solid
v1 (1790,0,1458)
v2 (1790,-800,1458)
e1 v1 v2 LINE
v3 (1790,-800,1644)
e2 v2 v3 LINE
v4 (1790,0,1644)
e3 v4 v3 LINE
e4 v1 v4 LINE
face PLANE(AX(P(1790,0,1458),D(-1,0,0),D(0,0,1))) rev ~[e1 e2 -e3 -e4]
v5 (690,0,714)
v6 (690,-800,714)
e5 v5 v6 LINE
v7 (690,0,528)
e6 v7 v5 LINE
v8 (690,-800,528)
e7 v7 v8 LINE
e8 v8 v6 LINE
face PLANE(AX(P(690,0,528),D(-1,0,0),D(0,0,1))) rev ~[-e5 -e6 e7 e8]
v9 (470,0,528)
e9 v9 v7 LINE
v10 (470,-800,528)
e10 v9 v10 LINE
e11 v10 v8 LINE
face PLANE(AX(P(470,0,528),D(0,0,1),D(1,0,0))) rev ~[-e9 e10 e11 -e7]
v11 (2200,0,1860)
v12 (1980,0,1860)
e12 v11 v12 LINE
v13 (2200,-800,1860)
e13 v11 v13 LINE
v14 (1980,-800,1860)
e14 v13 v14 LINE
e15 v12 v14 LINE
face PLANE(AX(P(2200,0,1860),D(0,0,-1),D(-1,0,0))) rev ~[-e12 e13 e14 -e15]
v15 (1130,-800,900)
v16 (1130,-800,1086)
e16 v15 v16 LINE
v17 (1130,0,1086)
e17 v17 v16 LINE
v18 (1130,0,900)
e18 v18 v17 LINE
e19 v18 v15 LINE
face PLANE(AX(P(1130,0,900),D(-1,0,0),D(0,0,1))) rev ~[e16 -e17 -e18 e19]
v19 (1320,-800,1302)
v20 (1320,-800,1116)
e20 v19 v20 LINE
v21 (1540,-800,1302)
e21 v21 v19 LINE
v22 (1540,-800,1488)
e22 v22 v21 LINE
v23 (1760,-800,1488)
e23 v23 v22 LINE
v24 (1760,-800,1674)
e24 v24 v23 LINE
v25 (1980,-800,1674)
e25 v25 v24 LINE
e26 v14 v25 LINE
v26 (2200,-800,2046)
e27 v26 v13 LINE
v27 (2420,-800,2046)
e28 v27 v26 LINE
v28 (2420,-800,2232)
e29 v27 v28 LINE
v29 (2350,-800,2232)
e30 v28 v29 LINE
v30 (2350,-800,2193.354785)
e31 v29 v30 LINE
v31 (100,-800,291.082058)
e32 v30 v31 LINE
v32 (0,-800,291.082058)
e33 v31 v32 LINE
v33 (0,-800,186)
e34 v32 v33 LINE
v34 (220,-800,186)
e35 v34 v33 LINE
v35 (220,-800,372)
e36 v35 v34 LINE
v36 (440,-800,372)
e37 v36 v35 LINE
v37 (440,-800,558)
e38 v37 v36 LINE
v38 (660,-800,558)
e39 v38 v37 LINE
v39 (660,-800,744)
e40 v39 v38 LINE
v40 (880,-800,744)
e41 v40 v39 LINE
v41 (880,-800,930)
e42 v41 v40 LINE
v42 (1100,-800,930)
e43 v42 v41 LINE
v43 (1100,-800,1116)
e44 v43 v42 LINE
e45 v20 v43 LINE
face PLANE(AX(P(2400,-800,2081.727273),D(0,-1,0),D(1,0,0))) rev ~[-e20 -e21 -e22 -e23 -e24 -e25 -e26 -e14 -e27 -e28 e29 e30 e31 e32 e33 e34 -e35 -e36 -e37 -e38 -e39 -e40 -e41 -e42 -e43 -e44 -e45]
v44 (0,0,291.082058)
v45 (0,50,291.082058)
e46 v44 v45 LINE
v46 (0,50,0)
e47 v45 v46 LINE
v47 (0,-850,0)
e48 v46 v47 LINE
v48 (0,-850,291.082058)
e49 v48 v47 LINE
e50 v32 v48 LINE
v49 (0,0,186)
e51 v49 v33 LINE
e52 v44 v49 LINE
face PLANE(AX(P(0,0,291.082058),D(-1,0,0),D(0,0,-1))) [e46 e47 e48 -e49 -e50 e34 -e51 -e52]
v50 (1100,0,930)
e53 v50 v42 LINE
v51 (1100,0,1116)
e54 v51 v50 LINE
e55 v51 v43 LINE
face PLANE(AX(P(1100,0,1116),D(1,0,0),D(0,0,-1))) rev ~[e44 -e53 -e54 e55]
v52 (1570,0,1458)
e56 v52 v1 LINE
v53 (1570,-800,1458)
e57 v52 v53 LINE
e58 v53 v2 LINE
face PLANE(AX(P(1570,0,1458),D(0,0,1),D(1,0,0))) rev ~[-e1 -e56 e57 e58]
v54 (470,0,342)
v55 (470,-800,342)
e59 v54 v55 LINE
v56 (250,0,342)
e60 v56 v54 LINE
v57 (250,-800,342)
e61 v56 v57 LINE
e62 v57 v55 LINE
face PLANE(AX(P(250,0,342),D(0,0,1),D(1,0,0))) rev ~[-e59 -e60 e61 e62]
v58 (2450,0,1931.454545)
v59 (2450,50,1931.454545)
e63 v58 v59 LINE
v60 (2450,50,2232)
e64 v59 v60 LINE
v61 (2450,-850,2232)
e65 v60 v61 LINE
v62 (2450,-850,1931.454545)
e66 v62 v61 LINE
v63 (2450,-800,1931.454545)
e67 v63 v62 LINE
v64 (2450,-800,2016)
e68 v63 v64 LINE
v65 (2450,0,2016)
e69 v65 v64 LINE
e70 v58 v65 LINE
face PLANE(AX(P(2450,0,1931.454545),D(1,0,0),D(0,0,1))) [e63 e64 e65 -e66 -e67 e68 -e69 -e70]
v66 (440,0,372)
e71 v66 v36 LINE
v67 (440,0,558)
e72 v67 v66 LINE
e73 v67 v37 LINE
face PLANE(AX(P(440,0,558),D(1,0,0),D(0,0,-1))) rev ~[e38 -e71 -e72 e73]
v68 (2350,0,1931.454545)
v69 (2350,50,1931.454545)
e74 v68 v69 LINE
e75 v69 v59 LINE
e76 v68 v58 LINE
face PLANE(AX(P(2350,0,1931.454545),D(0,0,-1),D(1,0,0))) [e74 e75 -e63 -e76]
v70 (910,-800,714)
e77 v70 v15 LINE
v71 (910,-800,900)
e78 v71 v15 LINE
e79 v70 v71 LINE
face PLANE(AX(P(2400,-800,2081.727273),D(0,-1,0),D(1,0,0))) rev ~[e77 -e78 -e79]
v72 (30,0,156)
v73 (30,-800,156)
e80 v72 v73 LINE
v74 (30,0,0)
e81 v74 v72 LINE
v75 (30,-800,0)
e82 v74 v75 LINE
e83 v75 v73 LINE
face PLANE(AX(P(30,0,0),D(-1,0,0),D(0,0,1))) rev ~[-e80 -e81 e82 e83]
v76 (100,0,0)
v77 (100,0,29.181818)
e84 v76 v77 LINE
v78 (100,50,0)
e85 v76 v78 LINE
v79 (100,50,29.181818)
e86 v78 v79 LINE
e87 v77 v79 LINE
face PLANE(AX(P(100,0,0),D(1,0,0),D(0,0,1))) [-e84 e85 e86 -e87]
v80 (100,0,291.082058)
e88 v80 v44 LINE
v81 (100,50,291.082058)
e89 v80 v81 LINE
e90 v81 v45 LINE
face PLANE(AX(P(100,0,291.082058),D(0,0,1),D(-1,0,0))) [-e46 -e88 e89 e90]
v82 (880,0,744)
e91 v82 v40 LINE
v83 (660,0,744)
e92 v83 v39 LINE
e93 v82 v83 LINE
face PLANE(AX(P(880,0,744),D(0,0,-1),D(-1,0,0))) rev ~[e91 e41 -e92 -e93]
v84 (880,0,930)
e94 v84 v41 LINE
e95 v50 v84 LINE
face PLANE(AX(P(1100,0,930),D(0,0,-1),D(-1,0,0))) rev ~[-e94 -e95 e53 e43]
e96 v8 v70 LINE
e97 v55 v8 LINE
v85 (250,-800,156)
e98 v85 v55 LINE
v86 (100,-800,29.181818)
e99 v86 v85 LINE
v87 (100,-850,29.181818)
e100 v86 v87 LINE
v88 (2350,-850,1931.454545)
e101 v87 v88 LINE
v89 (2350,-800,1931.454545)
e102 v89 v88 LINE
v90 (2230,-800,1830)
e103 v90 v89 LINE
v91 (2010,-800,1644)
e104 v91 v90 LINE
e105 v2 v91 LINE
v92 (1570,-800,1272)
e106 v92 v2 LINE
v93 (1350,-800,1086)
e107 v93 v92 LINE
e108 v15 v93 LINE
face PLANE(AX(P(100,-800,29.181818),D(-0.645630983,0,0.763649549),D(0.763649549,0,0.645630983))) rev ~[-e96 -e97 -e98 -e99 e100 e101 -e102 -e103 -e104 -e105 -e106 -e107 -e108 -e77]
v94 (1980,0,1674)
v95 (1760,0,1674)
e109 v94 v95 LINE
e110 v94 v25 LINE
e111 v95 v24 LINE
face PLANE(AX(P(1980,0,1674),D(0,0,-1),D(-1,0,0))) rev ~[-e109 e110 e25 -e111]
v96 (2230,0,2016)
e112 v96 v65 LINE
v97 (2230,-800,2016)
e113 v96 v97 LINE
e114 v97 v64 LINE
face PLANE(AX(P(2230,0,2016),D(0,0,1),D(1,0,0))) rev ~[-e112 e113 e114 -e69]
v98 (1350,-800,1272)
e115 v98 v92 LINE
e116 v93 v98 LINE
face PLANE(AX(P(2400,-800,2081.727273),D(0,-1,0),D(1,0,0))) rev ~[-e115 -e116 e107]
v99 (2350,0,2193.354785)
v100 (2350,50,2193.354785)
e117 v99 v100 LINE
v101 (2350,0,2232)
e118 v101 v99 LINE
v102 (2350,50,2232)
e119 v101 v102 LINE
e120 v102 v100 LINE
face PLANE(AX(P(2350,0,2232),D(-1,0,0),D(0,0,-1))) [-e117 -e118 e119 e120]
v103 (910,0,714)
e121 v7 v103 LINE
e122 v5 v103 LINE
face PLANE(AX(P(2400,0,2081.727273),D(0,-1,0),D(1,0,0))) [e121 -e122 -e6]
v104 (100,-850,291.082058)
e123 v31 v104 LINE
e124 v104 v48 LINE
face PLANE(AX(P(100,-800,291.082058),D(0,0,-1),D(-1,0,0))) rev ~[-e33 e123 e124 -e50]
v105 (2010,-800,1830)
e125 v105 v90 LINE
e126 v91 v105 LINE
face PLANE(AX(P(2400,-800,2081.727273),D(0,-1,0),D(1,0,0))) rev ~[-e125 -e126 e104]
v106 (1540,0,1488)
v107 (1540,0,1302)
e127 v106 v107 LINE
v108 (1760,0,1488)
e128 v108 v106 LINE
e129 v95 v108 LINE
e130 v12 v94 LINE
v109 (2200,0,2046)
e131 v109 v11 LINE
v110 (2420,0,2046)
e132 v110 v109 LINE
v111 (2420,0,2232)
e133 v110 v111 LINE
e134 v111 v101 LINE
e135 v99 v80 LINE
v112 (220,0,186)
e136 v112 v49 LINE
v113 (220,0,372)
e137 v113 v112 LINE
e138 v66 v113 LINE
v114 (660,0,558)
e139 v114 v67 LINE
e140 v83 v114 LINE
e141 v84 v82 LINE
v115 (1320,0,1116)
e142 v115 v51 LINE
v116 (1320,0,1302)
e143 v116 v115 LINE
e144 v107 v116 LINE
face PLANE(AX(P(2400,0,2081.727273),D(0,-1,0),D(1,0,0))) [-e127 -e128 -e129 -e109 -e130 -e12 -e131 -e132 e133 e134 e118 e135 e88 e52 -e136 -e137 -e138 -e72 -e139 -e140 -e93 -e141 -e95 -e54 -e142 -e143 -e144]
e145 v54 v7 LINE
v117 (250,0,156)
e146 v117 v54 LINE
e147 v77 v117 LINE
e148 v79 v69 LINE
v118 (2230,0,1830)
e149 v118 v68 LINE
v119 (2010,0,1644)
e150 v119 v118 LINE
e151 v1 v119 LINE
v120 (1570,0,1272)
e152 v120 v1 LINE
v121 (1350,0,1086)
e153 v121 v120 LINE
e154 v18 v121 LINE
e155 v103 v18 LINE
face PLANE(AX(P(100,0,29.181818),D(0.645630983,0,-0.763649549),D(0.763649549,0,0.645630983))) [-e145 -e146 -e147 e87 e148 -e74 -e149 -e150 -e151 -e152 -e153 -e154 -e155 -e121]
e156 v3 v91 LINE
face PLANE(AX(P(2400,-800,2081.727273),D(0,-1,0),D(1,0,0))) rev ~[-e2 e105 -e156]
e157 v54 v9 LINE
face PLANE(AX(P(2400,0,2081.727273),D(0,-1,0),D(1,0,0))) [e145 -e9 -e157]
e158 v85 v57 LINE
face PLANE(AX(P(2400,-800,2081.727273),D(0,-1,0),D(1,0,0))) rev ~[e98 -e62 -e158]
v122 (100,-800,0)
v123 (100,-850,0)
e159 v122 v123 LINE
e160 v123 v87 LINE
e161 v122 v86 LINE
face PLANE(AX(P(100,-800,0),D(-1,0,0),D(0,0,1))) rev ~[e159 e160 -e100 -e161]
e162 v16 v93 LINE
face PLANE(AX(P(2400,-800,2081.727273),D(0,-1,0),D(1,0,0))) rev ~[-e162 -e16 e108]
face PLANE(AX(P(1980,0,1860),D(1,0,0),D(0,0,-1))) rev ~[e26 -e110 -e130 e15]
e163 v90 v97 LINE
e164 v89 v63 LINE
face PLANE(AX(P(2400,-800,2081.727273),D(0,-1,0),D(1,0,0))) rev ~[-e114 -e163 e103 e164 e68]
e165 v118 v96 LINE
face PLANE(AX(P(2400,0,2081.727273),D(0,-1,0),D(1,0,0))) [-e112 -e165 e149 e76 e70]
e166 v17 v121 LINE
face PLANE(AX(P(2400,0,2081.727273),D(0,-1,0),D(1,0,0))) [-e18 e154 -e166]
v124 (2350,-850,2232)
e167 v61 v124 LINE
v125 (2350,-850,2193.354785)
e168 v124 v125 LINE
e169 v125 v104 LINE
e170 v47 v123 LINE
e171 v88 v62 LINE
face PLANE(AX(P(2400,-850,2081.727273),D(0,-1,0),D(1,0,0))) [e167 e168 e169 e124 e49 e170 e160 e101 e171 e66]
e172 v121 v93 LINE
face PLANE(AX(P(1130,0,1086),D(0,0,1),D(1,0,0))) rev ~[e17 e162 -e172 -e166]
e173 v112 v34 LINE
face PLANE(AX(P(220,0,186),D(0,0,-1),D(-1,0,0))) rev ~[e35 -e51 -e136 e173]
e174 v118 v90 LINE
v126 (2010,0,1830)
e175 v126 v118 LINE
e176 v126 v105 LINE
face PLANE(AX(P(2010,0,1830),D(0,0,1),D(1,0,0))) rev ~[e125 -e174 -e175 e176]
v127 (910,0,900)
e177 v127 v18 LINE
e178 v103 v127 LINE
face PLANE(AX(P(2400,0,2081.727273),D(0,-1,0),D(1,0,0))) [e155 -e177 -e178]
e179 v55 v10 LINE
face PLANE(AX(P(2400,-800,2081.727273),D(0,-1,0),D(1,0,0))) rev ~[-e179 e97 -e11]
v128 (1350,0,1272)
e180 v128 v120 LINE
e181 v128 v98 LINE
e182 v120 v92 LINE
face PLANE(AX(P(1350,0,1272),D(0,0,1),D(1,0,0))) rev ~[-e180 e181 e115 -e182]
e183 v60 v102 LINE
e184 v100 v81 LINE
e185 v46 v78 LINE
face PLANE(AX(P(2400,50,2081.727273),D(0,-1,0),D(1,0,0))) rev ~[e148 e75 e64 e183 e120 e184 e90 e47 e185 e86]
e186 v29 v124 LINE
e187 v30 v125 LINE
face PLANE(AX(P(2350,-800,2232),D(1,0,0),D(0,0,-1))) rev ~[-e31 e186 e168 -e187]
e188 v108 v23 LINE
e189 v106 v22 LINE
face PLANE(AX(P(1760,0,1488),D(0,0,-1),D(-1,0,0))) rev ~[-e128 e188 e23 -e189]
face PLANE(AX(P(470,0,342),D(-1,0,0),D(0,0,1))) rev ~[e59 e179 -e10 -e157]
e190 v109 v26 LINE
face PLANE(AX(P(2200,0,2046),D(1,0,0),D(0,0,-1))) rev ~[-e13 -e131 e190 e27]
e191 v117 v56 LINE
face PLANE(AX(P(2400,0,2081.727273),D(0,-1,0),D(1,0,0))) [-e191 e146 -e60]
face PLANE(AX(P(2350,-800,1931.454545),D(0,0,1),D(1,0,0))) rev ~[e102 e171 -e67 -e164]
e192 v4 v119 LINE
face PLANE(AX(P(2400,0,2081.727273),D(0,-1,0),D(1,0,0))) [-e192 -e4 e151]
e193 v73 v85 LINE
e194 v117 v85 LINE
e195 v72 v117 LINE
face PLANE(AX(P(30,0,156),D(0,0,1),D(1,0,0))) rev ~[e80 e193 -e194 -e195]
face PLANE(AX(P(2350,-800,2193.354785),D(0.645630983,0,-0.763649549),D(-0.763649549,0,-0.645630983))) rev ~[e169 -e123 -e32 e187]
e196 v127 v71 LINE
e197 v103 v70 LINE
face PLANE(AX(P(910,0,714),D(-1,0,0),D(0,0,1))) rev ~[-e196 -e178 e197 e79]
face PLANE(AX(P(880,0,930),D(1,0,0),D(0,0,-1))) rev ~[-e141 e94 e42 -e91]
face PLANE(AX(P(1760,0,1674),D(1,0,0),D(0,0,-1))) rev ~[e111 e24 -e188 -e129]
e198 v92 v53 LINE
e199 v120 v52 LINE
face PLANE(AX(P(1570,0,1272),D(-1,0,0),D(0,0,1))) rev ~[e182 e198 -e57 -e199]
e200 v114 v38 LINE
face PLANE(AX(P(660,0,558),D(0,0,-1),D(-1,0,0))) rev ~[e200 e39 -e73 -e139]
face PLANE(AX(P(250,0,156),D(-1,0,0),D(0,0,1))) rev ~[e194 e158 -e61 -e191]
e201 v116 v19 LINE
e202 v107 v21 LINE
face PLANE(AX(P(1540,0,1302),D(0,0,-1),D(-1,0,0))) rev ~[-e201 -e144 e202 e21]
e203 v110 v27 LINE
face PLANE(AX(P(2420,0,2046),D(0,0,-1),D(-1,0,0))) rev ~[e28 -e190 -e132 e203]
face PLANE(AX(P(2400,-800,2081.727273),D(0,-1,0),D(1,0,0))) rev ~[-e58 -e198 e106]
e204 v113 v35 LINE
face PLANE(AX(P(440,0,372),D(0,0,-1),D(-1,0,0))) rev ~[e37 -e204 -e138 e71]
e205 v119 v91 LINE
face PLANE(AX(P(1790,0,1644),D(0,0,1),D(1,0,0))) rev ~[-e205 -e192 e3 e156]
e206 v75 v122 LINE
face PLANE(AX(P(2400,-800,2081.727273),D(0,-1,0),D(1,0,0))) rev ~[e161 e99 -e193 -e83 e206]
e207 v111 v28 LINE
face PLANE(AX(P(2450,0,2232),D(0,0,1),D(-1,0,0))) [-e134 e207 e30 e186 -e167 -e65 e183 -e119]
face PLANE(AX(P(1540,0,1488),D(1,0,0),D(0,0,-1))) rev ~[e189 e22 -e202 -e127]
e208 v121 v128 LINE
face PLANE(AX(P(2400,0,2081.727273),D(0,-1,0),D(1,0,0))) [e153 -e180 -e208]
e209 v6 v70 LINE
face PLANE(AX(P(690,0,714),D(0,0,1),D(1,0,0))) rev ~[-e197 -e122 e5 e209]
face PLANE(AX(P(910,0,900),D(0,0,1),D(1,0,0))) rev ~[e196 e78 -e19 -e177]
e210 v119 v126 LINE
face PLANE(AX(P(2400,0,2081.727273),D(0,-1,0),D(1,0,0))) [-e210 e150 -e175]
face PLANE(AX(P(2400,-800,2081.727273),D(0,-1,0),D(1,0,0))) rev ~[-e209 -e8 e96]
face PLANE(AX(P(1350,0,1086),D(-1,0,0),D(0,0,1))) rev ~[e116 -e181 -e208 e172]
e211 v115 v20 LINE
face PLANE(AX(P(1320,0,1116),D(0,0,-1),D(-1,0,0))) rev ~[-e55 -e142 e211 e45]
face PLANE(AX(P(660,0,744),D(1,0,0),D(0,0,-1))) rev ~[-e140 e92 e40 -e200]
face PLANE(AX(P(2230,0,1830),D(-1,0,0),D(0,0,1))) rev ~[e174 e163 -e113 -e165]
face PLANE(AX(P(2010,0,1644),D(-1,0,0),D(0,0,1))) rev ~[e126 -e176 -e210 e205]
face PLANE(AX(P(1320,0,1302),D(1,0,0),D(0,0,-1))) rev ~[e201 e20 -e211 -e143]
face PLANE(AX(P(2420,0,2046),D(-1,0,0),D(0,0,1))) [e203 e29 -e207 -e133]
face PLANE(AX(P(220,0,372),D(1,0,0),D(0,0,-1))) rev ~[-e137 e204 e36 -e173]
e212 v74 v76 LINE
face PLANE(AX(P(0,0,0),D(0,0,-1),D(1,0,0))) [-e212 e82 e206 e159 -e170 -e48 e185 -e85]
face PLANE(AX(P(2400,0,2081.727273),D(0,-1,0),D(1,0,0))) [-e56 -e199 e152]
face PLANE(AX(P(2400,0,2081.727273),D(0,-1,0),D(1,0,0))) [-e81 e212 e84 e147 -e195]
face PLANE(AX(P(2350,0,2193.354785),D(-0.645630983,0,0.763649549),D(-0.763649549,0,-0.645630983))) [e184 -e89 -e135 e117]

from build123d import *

# Parameters (mm, degrees)
F0_W     = 30
F0_H     = 156
F0_H_2   = 186
F1_DEPTH = 800
F3_DEPTH = 50
F5_DEPTH = 50


with BuildPart() as f1:
    # F0 (on Front) → F1 (new body)
    with BuildSketch(Plane.XZ):
        with Locations((15, 78)):
            Rectangle(F0_W, F0_H)
        Polygon((0, 186), (0, 156), (30, 156), (250, 156), (250, 186), (220, 186), align=None)
        with Locations((235, 264)):
            Rectangle(F0_W, F0_H)
        Polygon((220, 372), (220, 342), (250, 342), (470, 342), (470, 372), (440, 372), align=None)
        with Locations((455, 450)):
            Rectangle(F0_W, F0_H)
        Polygon((440, 558), (440, 528), (470, 528), (690, 528), (690, 558), (660, 558), align=None)
        with Locations((675, 636)):
            Rectangle(F0_W, F0_H)
        Polygon((660, 744), (660, 714), (690, 714), (910, 714), (910, 744), (880, 744), align=None)
        with Locations((895, 822)):
            Rectangle(F0_W, F0_H)
        Polygon((880, 930), (880, 900), (910, 900), (1130, 900), (1130, 930), (1100, 930), align=None)
        with Locations((1115, 1008)):
            Rectangle(F0_W, F0_H)
        Polygon((1100, 1116), (1100, 1086), (1130, 1086), (1350, 1086), (1350, 1116), (1320, 1116), align=None)
        with Locations((1335, 1194)):
            Rectangle(F0_W, F0_H)
        Polygon((1320, 1302), (1320, 1272), (1350, 1272), (1570, 1272), (1570, 1302), (1540, 1302), align=None)
        with Locations((1555, 1380)):
            Rectangle(F0_W, F0_H)
        Polygon((1540, 1488), (1540, 1458), (1570, 1458), (1790, 1458), (1790, 1488), (1760, 1488), align=None)
        with Locations((1775, 1566)):
            Rectangle(F0_W, F0_H)
        Polygon((1760, 1674), (1760, 1644), (1790, 1644), (2010, 1644), (2010, 1674), (1980, 1674), align=None)
        with Locations((1995, 1752)):
            Rectangle(F0_W, F0_H)
        Polygon((1980, 1860), (1980, 1830), (2010, 1830), (2230, 1830), (2230, 1860), (2200, 1860), align=None)
        with Locations((2215, 1938)):
            Rectangle(F0_W, F0_H)
        Polygon((2200, 2046), (2200, 2016), (2230, 2016), (2420, 2016), (2450, 2016), (2450, 2046), (2420, 2046), align=None)
        with Locations((2435, 2139)):
            Rectangle(F0_W, F0_H_2)
    extrude(amount=F1_DEPTH)

    # F2 (on face) → F3 (join)
    with BuildSketch(Plane.XZ.offset(800)):
        Polygon((2450, 1931.4545454545), (2450, 2232), (2350, 2232), (2350, 2193.3547851207), (2350, 2062.4046652876), (2350, 1931.4545454545), align=None)
        Polygon((100, 29.1818181818), (2350, 1931.4545454545), (2350, 2062.4046652876), (100, 160.1319380149), align=None)
        Polygon((2350, 2062.4046652876), (2350, 2193.3547851207), (100, 291.082057848), (100, 186), (100, 160.1319380149), align=None)
        Polygon((100, 0), (100, 29.1818181818), (100, 160.1319380149), (100, 186), (100, 291.082057848), (0, 291.082057848), (0, 0), align=None)
    extrude(amount=F3_DEPTH)

    # F4 (on face) → F5 (join)
    with BuildSketch(Plane.XZ):
        Polygon((2450, 1931.4545454545), (2450, 2232), (2350, 2232), (2350, 2193.3547851207), (2350, 2062.4046652876), (2350, 1931.4545454545), align=None)
        Polygon((100, 29.1818181818), (2350, 1931.4545454545), (2350, 2062.4046652876), (100, 160.1319380149), align=None)
        Polygon((2350, 2062.4046652876), (2350, 2193.3547851207), (100, 291.082057848), (100, 186), (100, 160.1319380149), align=None)
        Polygon((100, 0), (100, 29.1818181818), (100, 160.1319380149), (100, 186), (100, 291.082057848), (0, 291.082057848), (0, 0), align=None)
    extrude(amount=-F5_DEPTH)


solid = f1.part
